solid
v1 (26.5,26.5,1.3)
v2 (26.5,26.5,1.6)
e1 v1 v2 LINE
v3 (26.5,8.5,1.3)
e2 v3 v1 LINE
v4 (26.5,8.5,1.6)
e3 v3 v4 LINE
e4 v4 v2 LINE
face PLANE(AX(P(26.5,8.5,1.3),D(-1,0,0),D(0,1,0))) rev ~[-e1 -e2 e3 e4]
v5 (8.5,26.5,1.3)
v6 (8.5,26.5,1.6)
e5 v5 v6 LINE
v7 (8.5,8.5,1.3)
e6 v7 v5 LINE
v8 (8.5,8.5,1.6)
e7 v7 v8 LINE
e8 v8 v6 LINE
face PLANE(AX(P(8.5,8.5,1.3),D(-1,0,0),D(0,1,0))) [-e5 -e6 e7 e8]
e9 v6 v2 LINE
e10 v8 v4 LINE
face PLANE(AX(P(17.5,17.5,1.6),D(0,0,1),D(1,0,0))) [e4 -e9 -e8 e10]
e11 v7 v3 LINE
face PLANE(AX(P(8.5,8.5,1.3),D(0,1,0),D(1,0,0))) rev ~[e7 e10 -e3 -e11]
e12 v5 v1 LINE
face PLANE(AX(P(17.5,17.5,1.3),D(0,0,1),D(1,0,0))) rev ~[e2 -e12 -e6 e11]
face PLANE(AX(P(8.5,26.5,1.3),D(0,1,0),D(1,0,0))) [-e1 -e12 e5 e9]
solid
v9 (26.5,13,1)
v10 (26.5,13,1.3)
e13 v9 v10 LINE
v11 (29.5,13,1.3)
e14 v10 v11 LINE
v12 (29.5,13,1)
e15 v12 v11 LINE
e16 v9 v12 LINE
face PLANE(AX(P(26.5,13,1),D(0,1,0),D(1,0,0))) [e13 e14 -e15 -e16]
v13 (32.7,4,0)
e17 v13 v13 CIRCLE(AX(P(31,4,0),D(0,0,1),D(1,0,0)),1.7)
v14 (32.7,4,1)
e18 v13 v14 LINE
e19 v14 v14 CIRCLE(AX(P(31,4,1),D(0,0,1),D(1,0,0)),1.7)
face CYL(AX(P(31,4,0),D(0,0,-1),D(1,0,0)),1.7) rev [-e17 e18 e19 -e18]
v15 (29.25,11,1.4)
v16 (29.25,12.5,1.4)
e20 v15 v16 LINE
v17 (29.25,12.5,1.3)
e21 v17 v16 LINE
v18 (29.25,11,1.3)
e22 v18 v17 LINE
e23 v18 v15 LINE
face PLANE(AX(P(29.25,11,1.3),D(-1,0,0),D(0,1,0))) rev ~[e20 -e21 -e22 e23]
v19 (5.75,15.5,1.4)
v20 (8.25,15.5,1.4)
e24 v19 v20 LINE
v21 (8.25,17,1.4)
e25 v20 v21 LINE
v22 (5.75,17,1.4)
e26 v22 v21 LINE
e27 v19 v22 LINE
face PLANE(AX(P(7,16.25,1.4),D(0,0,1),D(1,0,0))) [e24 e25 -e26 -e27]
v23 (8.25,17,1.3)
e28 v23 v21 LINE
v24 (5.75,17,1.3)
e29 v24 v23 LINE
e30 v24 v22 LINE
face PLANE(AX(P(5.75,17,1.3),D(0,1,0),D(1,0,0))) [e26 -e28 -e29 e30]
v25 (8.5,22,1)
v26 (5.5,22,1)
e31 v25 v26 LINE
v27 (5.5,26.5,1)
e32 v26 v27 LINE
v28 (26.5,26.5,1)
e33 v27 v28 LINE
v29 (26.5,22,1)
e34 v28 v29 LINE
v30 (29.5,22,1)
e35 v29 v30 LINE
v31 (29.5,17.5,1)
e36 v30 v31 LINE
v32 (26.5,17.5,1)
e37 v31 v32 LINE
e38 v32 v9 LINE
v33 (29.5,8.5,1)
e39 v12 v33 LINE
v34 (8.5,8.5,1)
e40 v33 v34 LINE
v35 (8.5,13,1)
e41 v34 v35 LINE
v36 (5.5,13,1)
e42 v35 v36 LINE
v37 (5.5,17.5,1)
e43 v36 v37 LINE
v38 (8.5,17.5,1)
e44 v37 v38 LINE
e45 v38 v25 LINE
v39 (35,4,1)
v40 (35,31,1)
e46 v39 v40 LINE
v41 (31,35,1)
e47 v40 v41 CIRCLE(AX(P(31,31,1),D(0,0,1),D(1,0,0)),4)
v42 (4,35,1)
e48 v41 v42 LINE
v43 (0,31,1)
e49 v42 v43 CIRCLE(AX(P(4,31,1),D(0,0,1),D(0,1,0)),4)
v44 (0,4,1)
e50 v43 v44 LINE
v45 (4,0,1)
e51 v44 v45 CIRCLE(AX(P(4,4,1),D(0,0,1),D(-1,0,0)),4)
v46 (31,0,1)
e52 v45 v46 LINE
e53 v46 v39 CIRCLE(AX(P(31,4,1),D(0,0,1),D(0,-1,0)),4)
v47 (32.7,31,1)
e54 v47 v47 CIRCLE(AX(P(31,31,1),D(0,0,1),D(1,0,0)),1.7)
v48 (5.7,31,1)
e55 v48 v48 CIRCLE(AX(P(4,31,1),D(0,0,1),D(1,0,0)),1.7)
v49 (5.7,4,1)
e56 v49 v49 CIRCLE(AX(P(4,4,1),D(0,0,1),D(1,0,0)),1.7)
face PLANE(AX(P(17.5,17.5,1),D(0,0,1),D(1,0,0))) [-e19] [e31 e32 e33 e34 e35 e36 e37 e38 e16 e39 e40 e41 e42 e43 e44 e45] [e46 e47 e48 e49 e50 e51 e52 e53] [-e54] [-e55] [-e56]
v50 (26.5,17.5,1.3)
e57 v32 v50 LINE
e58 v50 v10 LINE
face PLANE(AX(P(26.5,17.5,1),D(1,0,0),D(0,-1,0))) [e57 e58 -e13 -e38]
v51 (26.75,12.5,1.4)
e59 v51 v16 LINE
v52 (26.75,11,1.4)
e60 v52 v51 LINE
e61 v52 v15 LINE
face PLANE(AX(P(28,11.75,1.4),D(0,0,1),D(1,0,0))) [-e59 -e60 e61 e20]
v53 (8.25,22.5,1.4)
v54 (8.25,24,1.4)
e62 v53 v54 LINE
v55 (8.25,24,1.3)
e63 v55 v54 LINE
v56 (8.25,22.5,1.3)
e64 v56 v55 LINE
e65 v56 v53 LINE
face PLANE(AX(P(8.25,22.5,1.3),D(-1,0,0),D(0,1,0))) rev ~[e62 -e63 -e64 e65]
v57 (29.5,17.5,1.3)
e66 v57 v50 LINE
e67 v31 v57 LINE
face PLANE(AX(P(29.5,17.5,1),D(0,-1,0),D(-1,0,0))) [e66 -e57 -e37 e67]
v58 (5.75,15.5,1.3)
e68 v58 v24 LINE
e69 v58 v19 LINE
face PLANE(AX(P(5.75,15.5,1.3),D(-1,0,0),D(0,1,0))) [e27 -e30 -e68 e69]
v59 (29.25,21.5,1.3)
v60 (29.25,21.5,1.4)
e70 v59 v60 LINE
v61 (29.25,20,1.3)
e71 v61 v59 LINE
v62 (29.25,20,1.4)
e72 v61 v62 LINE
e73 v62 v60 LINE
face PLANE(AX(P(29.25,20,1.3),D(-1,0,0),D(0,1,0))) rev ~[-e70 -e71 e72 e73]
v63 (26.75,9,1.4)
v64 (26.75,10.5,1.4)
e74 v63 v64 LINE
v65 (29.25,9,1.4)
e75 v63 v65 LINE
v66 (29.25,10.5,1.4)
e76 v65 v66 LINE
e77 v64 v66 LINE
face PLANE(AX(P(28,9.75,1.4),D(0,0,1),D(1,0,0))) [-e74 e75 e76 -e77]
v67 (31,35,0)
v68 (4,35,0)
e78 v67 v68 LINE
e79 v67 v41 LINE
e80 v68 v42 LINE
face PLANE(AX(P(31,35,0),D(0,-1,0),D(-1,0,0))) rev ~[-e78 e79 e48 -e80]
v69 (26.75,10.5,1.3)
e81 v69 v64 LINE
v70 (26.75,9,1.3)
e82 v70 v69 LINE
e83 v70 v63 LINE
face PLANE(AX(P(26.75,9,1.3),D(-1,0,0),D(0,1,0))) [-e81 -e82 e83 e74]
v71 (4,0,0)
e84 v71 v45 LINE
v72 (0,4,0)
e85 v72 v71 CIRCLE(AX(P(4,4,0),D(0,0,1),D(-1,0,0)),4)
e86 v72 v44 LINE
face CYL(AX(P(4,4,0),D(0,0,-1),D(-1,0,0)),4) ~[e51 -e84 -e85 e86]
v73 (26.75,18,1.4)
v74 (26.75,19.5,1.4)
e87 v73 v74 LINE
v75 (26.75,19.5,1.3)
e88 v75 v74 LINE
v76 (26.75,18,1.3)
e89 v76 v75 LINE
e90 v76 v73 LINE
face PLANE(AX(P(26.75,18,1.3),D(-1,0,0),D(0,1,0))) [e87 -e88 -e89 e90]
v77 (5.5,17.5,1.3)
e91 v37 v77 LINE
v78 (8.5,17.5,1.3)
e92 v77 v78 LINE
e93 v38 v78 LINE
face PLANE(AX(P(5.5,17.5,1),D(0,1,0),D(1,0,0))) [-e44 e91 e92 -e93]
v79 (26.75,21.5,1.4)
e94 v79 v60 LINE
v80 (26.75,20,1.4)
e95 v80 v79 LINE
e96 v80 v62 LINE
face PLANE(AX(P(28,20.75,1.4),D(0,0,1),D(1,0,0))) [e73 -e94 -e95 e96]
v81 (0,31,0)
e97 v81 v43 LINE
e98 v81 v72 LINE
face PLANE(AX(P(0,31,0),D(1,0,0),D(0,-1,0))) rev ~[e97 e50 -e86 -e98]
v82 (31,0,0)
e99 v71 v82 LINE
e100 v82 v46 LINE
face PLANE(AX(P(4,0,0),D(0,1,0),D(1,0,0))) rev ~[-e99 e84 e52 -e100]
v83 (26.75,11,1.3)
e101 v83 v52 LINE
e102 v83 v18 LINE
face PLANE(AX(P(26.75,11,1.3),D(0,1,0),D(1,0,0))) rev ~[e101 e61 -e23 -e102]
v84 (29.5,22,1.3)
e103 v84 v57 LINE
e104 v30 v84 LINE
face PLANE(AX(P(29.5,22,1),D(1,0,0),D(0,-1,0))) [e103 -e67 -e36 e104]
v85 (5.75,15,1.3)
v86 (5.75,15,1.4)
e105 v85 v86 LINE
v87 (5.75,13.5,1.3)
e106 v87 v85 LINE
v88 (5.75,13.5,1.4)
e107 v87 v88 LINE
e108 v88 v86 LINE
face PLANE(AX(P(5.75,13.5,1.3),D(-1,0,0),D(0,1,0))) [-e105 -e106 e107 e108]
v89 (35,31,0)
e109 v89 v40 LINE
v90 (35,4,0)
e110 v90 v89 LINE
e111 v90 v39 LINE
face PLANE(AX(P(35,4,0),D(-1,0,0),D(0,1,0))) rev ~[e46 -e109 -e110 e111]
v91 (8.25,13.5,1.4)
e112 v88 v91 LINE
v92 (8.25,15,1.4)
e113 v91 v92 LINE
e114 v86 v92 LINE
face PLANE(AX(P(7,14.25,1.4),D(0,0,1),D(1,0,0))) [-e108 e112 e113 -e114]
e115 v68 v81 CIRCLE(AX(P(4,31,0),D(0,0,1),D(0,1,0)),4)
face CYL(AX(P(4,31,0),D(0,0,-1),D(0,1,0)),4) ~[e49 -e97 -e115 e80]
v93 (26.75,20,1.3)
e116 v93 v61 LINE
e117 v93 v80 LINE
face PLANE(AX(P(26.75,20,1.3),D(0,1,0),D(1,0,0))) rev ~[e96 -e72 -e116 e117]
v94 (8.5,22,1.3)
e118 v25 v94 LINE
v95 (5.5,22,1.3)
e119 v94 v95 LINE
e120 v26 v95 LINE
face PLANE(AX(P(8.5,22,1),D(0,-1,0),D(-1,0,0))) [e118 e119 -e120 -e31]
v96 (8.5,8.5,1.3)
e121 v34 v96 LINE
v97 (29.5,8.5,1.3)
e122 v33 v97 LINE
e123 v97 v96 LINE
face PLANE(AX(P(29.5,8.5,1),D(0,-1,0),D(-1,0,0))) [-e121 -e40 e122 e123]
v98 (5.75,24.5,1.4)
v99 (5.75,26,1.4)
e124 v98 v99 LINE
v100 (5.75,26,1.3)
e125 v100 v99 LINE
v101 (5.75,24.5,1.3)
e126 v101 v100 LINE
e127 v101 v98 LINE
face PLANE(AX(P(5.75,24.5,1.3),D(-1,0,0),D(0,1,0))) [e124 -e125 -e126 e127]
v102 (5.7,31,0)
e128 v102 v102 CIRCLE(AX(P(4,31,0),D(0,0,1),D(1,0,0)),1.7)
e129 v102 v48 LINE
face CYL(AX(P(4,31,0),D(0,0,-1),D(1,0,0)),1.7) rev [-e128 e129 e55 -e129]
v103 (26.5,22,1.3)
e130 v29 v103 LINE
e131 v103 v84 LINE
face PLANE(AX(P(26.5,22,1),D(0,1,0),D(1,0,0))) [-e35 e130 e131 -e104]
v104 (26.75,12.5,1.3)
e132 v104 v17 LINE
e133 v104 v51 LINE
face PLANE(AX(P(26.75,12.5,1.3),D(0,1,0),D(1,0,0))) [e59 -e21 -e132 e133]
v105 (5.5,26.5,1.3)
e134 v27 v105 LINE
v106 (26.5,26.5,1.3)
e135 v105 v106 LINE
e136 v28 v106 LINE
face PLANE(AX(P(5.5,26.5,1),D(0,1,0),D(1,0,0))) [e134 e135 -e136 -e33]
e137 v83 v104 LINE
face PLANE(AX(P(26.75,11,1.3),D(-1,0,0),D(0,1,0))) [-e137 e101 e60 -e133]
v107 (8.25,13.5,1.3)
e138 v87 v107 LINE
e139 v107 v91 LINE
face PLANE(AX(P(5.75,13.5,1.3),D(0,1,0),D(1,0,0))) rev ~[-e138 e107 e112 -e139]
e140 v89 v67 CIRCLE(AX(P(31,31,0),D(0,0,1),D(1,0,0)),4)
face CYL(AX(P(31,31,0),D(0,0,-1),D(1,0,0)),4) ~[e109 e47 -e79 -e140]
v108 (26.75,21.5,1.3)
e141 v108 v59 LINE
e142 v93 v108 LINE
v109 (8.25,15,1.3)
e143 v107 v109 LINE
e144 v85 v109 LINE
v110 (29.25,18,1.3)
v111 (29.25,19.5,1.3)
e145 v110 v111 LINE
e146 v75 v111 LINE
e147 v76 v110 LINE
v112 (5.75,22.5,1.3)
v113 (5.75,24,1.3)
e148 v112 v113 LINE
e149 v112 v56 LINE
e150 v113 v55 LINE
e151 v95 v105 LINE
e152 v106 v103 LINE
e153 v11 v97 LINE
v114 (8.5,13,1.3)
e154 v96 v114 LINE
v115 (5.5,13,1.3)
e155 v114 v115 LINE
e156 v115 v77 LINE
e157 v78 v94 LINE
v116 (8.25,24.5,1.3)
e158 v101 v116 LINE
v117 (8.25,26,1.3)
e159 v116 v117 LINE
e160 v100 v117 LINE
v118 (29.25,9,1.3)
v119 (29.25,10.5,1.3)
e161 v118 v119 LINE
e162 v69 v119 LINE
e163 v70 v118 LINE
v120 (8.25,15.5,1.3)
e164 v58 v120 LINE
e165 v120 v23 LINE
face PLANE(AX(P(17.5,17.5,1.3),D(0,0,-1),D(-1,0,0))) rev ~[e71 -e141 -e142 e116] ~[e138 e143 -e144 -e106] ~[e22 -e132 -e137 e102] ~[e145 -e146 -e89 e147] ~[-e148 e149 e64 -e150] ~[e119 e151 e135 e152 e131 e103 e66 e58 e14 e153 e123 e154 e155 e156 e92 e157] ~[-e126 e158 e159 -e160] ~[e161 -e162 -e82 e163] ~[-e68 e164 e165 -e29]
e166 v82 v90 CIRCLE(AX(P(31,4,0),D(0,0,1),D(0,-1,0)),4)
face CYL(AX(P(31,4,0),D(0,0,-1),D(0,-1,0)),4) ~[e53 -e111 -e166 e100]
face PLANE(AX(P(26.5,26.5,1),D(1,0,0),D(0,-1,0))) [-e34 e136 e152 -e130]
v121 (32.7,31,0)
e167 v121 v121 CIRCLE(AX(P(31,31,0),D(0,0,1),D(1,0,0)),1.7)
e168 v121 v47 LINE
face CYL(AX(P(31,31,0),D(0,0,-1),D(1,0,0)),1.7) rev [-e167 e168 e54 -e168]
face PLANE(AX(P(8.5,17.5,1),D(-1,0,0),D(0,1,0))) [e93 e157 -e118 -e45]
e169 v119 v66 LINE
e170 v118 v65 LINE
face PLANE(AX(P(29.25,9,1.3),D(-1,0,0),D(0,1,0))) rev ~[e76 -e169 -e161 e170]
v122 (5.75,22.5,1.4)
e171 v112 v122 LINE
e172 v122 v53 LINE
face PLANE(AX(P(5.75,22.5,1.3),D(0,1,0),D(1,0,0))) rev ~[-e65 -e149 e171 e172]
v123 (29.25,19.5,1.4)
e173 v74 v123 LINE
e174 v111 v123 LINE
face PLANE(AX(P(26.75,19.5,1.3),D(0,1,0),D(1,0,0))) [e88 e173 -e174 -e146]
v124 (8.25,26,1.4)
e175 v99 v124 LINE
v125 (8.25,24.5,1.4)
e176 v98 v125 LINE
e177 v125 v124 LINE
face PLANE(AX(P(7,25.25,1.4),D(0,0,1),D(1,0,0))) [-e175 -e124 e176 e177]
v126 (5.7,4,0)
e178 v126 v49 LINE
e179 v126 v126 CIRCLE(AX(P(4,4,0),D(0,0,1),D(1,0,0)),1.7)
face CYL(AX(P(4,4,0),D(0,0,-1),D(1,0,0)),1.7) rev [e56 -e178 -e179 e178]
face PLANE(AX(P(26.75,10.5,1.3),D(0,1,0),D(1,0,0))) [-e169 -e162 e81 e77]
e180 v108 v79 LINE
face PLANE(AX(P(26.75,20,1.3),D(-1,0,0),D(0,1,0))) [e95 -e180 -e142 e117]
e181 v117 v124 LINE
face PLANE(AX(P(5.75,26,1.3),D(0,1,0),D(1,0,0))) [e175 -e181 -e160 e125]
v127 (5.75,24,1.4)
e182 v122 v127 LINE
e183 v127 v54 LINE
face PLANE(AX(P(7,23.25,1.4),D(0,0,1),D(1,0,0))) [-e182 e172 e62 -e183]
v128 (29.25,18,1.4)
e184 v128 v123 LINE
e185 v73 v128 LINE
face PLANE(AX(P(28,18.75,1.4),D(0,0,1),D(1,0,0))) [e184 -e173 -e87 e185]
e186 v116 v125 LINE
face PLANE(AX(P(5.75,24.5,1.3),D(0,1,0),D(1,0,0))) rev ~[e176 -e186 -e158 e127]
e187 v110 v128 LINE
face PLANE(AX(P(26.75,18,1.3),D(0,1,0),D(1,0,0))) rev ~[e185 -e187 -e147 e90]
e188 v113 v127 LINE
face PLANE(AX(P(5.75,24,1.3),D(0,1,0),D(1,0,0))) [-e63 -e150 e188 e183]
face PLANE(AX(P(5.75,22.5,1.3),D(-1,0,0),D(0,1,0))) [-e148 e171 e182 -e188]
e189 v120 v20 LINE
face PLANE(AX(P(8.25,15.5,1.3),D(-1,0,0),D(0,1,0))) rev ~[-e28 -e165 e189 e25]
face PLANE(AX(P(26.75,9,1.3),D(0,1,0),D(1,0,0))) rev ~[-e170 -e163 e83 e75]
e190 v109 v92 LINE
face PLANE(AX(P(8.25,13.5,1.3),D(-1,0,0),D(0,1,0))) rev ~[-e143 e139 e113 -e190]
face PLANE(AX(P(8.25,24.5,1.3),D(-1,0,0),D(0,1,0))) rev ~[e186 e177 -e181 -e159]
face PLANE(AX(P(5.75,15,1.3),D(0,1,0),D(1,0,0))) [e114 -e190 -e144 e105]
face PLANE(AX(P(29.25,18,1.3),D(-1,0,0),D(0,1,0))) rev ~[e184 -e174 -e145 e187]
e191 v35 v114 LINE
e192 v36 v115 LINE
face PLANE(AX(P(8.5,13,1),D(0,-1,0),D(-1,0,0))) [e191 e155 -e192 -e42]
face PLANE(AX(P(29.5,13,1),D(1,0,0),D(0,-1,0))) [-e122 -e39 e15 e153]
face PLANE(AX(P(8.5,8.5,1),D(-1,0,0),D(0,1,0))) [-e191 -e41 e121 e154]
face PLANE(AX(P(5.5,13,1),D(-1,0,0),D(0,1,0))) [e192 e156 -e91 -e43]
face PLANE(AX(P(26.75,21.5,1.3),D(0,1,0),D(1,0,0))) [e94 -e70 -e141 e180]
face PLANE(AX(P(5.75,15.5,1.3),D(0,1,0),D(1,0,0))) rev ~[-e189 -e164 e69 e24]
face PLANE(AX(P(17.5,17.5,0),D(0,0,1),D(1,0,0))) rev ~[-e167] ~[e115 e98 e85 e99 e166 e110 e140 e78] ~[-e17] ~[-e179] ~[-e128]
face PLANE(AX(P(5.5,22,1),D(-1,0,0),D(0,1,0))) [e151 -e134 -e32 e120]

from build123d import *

# Parameters (mm, degrees)
SKETCH_20_R         = 1.7
BOSS_EXTRUDE1_DEPTH = 1
BOSS_EXTRUDE2_DEPTH = 0.3
SKETCH1_W           = 18
SKETCH1_H           = 18
BOSS_EXTRUDE3_DEPTH = 0.3
SKETCH2_W           = 2.5
SKETCH2_H           = 1.5
BOSS_EXTRUDE4_DEPTH = 0.1


with BuildPart() as part:
    # Sketch 20 → Boss-Extrude1 (new body)
    with BuildSketch(Plane.XY):
        with BuildLine():
            Line((4, 0), (31, 0))
            ThreePointArc((31, 0), (33.828427125, 1.171572875), (35, 4))
            Line((35, 4), (35, 31))
            ThreePointArc((35, 31), (33.828427125, 33.828427125), (31, 35))
            Line((31, 35), (4, 35))
            ThreePointArc((4, 35), (1.171572875, 33.828427125), (0, 31))
            Line((0, 31), (0, 4))
            ThreePointArc((0, 4), (1.171572875, 1.171572875), (4, 0))
        make_face()
        with Locations((4, 4)):
            Circle(SKETCH_20_R, mode=Mode.SUBTRACT)
        with Locations((31, 4)):
            Circle(SKETCH_20_R, mode=Mode.SUBTRACT)
        with Locations((31, 31)):
            Circle(SKETCH_20_R, mode=Mode.SUBTRACT)
        with Locations((4, 31)):
            Circle(SKETCH_20_R, mode=Mode.SUBTRACT)
    extrude(amount=BOSS_EXTRUDE1_DEPTH)

    # Sketch 29 → Boss-Extrude2 (add)
    with BuildSketch(Plane.XY.offset(1)):
        Polygon((29.5, 8.5), (8.5, 8.5), (8.5, 13), (5.5, 13), (5.5, 17.5), (8.5, 17.5), (8.5, 22), (5.5, 22), (5.5, 26.5), (26.5, 26.5), (26.5, 22), (29.5, 22), (29.5, 17.5), (26.5, 17.5), (26.5, 13), (29.5, 13), align=None)
    extrude(amount=BOSS_EXTRUDE2_DEPTH)

    # Sketch2 → Boss-Extrude4 (add)
    with BuildSketch(Plane.XY.offset(1.3)):
        with Locations((28, 9.75)):
            Rectangle(SKETCH2_W, SKETCH2_H)
        with Locations((28, 11.75)):
            Rectangle(SKETCH2_W, SKETCH2_H)
        with Locations((28, 18.75)):
            Rectangle(SKETCH2_W, SKETCH2_H)
        with Locations((28, 20.75)):
            Rectangle(SKETCH2_W, SKETCH2_H)
        with Locations((7, 14.25)):
            Rectangle(SKETCH2_W, SKETCH2_H)
        with Locations((7, 23.25)):
            Rectangle(SKETCH2_W, SKETCH2_H)
        with Locations((7, 16.25)):
            Rectangle(SKETCH2_W, SKETCH2_H)
        with Locations((7, 25.25)):
            Rectangle(SKETCH2_W, SKETCH2_H)
    extrude(amount=BOSS_EXTRUDE4_DEPTH)


with BuildPart() as body_2:
    # Sketch1 → Boss-Extrude3 (new body)
    with BuildSketch(Plane.XY.offset(1.3)):
        with Locations((17.5, 17.5)):
            Rectangle(SKETCH1_W, SKETCH1_H)
    extrude(amount=BOSS_EXTRUDE3_DEPTH)


solid = Compound([part.part, body_2.part])
